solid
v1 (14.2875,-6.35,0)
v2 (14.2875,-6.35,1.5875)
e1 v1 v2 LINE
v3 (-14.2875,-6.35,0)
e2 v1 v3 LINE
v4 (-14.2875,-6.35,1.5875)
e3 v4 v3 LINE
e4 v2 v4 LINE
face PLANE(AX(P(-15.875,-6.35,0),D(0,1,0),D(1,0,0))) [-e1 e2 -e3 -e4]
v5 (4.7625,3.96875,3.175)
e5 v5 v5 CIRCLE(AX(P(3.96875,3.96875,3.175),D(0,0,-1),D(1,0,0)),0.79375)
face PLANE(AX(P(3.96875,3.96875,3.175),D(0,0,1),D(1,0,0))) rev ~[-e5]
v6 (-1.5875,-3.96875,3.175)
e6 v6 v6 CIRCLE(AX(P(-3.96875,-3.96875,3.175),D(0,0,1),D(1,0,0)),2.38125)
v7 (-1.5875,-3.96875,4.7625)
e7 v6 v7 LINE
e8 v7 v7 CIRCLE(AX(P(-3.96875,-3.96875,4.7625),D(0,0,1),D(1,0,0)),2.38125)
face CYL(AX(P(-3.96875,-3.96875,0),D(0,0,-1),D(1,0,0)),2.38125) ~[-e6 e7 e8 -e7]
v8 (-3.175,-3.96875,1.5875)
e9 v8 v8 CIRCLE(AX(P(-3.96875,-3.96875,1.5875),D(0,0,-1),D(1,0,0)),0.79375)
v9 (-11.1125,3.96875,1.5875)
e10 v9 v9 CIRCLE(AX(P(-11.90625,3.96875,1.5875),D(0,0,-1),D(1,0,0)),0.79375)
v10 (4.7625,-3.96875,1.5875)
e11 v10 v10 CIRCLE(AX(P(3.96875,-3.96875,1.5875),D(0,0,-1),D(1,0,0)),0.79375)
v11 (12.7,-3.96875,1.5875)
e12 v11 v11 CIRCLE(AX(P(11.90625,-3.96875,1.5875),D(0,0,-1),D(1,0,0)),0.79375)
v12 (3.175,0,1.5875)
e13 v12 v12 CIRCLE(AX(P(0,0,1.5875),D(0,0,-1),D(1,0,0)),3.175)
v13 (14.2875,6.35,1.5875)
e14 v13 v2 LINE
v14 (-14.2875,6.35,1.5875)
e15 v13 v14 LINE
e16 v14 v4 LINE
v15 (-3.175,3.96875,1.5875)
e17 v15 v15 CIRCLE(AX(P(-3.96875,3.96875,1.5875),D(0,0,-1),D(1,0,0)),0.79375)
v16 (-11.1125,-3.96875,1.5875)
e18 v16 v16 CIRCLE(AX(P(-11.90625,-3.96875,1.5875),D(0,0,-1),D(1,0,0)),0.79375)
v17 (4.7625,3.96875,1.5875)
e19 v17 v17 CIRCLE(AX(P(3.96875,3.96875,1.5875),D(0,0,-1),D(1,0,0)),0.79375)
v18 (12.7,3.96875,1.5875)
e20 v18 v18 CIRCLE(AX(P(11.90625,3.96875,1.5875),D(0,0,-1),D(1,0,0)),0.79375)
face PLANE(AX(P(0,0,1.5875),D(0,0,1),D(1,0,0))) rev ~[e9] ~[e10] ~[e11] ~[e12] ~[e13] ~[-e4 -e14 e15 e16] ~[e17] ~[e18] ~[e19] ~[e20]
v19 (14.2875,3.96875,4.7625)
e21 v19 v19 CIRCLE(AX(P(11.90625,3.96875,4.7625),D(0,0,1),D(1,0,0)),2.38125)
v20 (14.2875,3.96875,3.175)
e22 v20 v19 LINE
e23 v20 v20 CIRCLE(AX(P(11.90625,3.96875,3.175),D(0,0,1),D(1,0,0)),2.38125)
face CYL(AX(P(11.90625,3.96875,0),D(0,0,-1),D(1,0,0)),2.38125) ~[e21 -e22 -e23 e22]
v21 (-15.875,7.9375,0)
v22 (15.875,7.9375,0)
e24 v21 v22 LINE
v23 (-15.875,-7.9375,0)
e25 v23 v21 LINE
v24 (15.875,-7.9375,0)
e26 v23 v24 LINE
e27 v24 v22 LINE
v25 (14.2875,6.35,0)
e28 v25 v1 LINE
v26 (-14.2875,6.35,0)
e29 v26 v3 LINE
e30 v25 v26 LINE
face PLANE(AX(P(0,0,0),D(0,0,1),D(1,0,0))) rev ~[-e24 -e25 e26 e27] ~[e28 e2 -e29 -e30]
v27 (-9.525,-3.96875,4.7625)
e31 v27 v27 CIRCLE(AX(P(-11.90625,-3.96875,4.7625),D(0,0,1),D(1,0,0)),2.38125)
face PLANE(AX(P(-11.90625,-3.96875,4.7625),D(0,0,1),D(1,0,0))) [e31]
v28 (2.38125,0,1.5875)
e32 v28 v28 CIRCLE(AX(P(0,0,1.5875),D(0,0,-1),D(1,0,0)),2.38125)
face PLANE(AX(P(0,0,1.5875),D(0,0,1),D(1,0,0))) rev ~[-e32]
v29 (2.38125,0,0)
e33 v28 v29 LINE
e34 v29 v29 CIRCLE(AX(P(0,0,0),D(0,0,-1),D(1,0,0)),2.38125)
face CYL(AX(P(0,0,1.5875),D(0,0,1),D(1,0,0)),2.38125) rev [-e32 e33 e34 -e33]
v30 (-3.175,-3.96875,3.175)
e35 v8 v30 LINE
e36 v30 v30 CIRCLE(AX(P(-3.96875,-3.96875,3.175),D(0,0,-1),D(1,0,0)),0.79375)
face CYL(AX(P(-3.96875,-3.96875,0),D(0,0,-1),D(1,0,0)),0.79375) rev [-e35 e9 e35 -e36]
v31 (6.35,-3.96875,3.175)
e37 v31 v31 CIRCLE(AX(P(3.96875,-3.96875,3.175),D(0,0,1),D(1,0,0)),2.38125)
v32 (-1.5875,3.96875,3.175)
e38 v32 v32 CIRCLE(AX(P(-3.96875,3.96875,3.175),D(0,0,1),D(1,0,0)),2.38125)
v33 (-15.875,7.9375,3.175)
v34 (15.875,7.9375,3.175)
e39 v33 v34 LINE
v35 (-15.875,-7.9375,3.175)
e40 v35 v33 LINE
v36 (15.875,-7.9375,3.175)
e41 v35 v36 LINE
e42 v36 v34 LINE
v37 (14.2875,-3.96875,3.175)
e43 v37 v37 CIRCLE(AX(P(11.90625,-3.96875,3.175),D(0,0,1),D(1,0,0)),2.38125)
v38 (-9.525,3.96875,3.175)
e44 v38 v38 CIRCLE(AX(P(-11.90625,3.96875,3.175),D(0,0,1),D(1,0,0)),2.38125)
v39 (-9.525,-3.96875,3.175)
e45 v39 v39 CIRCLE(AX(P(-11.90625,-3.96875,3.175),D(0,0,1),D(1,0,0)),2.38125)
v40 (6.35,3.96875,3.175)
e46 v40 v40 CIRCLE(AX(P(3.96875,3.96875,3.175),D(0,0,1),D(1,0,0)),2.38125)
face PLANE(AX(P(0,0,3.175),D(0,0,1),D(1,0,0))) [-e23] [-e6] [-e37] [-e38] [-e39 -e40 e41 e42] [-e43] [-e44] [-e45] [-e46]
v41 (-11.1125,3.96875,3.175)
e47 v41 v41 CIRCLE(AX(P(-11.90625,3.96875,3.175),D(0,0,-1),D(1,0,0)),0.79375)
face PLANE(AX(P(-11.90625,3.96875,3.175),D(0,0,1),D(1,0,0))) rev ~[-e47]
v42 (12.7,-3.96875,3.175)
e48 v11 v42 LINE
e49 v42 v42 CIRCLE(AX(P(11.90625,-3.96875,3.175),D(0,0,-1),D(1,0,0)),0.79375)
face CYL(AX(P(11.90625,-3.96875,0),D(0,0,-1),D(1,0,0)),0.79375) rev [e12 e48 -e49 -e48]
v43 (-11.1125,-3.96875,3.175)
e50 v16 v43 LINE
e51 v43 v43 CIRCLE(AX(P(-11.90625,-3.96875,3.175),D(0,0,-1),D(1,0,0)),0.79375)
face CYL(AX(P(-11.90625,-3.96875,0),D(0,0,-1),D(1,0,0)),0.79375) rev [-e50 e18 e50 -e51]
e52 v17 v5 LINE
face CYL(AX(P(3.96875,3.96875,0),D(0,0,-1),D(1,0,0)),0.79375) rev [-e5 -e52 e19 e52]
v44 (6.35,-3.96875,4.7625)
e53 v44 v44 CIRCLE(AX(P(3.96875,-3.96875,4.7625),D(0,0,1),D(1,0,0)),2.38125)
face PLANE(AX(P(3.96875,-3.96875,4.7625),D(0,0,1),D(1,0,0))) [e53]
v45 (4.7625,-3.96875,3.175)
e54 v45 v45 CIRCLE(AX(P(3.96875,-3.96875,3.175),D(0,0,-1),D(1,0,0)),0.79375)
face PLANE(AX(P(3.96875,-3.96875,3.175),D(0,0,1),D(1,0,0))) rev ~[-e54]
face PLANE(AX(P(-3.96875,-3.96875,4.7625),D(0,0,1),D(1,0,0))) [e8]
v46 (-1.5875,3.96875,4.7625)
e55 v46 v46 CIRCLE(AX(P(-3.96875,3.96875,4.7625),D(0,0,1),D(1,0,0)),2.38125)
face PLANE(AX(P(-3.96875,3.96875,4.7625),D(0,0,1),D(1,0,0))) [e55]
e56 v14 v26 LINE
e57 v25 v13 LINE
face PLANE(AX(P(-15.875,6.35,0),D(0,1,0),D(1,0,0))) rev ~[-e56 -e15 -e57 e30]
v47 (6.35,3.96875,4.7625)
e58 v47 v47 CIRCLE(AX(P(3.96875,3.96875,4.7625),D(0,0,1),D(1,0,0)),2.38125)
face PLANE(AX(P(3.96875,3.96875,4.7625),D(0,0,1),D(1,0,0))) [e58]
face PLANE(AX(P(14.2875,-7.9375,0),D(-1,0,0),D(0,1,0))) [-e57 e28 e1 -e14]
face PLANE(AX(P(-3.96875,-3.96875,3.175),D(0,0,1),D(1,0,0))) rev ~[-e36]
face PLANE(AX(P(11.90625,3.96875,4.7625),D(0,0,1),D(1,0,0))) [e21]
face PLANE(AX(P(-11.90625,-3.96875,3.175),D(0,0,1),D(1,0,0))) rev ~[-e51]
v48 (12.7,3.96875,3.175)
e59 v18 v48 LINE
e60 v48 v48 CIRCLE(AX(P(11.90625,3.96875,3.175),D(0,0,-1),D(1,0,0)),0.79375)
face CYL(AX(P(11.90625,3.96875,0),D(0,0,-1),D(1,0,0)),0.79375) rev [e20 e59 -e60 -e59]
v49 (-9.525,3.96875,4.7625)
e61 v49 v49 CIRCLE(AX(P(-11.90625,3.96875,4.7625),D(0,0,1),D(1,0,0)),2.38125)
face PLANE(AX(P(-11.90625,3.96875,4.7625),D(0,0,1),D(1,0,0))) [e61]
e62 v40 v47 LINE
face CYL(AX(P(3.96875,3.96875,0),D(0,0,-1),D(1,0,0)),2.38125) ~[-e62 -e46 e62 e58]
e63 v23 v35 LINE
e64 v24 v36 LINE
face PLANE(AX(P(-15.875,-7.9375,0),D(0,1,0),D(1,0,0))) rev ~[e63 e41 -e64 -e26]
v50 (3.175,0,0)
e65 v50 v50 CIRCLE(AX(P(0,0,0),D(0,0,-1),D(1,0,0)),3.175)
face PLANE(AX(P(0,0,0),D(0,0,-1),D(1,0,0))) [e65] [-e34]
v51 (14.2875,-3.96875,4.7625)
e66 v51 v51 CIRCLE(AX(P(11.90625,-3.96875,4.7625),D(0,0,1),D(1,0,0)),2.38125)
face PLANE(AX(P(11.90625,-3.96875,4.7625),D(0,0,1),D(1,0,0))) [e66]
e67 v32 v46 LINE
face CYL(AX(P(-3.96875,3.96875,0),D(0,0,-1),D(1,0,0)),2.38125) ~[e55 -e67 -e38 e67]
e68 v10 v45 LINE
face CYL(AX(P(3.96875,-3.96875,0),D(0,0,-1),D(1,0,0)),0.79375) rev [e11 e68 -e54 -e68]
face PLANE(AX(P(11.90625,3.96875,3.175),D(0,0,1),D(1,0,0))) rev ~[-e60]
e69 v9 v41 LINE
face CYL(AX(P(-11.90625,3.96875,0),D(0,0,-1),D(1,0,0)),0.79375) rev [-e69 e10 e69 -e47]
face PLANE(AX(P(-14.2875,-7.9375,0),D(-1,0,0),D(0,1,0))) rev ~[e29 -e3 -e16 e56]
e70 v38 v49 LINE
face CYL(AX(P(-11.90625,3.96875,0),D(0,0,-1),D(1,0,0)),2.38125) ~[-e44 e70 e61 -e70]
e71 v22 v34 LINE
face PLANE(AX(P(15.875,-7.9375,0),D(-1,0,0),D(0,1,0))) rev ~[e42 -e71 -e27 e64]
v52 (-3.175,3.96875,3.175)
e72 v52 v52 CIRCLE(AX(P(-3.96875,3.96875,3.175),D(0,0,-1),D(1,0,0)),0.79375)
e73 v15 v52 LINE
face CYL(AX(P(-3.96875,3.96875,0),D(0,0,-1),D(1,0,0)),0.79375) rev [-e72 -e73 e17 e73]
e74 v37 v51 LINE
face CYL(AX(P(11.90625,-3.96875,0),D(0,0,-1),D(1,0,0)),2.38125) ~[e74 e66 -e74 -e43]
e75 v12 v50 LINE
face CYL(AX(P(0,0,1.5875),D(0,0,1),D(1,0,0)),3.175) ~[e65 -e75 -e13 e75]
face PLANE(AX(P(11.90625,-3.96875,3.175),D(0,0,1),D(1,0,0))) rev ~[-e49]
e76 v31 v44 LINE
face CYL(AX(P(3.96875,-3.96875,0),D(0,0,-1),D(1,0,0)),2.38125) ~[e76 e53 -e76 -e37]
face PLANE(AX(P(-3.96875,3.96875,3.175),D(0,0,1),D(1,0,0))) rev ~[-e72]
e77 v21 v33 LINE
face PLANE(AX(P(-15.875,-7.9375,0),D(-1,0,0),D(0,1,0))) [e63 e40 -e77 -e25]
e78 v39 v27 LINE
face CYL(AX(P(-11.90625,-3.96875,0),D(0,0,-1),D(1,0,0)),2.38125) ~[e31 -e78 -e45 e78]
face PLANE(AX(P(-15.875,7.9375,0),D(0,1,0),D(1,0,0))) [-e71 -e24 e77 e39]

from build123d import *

# Parameters (mm, degrees)
F0_W     = 31.75
F0_H     = 15.875
F0_R     = 2.38125
F1_DEPTH = 3.175
F2_DEPTH = 4.7625
F3_T     = -1.5875
F4_R     = 3.175
F4_R_2   = 2.38125
F5_DEPTH = 1.5875


with BuildPart() as f1:
    # F0 (on Top) → F1 (new body)
    with BuildSketch(Plane.XY):
        Rectangle(F0_W, F0_H)
        with Locations((-11.90625, -3.96875)):
            Circle(F0_R, mode=Mode.SUBTRACT)
        with Locations((-3.96875, -3.96875)):
            Circle(F0_R, mode=Mode.SUBTRACT)
        with Locations((3.96875, -3.96875)):
            Circle(F0_R, mode=Mode.SUBTRACT)
        with Locations((11.90625, -3.96875)):
            Circle(F0_R, mode=Mode.SUBTRACT)
        with Locations((-11.90625, 3.96875)):
            Circle(F0_R, mode=Mode.SUBTRACT)
        with Locations((-3.96875, 3.96875)):
            Circle(F0_R, mode=Mode.SUBTRACT)
        with Locations((3.96875, 3.96875)):
            Circle(F0_R, mode=Mode.SUBTRACT)
        with Locations((11.90625, 3.96875)):
            Circle(F0_R, mode=Mode.SUBTRACT)
    extrude(amount=F1_DEPTH)

    # F0 (on Top) → F2 (join)
    with BuildSketch(Plane.XY):
        with Locations((-11.90625, 3.96875)):
            Circle(F0_R)
        with Locations((-3.96875, 3.96875)):
            Circle(F0_R)
        with Locations((-3.96875, -3.96875)):
            Circle(F0_R)
        with Locations((-11.90625, -3.96875)):
            Circle(F0_R)
        with Locations((3.96875, 3.96875)):
            Circle(F0_R)
        with Locations((11.90625, 3.96875)):
            Circle(F0_R)
        with Locations((11.90625, -3.96875)):
            Circle(F0_R)
        with Locations((3.96875, -3.96875)):
            Circle(F0_R)
    extrude(amount=F2_DEPTH)

    # F3
    f3_openings = [f1.faces().sort_by_distance(p)[0] for p in [
        (0, 0, 0),
    ]]
    offset(amount=F3_T, openings=f3_openings, kind=Kind.INTERSECTION)

    # F4 (on face) → F5 (join)
    with BuildSketch(Plane(origin=(0, 0, 1.5875), x_dir=(1, 0, 0), z_dir=(0, 0, -1))):
        Circle(F4_R)
        Circle(F4_R_2, mode=Mode.SUBTRACT)
    extrude(amount=F5_DEPTH)


solid = f1.part
